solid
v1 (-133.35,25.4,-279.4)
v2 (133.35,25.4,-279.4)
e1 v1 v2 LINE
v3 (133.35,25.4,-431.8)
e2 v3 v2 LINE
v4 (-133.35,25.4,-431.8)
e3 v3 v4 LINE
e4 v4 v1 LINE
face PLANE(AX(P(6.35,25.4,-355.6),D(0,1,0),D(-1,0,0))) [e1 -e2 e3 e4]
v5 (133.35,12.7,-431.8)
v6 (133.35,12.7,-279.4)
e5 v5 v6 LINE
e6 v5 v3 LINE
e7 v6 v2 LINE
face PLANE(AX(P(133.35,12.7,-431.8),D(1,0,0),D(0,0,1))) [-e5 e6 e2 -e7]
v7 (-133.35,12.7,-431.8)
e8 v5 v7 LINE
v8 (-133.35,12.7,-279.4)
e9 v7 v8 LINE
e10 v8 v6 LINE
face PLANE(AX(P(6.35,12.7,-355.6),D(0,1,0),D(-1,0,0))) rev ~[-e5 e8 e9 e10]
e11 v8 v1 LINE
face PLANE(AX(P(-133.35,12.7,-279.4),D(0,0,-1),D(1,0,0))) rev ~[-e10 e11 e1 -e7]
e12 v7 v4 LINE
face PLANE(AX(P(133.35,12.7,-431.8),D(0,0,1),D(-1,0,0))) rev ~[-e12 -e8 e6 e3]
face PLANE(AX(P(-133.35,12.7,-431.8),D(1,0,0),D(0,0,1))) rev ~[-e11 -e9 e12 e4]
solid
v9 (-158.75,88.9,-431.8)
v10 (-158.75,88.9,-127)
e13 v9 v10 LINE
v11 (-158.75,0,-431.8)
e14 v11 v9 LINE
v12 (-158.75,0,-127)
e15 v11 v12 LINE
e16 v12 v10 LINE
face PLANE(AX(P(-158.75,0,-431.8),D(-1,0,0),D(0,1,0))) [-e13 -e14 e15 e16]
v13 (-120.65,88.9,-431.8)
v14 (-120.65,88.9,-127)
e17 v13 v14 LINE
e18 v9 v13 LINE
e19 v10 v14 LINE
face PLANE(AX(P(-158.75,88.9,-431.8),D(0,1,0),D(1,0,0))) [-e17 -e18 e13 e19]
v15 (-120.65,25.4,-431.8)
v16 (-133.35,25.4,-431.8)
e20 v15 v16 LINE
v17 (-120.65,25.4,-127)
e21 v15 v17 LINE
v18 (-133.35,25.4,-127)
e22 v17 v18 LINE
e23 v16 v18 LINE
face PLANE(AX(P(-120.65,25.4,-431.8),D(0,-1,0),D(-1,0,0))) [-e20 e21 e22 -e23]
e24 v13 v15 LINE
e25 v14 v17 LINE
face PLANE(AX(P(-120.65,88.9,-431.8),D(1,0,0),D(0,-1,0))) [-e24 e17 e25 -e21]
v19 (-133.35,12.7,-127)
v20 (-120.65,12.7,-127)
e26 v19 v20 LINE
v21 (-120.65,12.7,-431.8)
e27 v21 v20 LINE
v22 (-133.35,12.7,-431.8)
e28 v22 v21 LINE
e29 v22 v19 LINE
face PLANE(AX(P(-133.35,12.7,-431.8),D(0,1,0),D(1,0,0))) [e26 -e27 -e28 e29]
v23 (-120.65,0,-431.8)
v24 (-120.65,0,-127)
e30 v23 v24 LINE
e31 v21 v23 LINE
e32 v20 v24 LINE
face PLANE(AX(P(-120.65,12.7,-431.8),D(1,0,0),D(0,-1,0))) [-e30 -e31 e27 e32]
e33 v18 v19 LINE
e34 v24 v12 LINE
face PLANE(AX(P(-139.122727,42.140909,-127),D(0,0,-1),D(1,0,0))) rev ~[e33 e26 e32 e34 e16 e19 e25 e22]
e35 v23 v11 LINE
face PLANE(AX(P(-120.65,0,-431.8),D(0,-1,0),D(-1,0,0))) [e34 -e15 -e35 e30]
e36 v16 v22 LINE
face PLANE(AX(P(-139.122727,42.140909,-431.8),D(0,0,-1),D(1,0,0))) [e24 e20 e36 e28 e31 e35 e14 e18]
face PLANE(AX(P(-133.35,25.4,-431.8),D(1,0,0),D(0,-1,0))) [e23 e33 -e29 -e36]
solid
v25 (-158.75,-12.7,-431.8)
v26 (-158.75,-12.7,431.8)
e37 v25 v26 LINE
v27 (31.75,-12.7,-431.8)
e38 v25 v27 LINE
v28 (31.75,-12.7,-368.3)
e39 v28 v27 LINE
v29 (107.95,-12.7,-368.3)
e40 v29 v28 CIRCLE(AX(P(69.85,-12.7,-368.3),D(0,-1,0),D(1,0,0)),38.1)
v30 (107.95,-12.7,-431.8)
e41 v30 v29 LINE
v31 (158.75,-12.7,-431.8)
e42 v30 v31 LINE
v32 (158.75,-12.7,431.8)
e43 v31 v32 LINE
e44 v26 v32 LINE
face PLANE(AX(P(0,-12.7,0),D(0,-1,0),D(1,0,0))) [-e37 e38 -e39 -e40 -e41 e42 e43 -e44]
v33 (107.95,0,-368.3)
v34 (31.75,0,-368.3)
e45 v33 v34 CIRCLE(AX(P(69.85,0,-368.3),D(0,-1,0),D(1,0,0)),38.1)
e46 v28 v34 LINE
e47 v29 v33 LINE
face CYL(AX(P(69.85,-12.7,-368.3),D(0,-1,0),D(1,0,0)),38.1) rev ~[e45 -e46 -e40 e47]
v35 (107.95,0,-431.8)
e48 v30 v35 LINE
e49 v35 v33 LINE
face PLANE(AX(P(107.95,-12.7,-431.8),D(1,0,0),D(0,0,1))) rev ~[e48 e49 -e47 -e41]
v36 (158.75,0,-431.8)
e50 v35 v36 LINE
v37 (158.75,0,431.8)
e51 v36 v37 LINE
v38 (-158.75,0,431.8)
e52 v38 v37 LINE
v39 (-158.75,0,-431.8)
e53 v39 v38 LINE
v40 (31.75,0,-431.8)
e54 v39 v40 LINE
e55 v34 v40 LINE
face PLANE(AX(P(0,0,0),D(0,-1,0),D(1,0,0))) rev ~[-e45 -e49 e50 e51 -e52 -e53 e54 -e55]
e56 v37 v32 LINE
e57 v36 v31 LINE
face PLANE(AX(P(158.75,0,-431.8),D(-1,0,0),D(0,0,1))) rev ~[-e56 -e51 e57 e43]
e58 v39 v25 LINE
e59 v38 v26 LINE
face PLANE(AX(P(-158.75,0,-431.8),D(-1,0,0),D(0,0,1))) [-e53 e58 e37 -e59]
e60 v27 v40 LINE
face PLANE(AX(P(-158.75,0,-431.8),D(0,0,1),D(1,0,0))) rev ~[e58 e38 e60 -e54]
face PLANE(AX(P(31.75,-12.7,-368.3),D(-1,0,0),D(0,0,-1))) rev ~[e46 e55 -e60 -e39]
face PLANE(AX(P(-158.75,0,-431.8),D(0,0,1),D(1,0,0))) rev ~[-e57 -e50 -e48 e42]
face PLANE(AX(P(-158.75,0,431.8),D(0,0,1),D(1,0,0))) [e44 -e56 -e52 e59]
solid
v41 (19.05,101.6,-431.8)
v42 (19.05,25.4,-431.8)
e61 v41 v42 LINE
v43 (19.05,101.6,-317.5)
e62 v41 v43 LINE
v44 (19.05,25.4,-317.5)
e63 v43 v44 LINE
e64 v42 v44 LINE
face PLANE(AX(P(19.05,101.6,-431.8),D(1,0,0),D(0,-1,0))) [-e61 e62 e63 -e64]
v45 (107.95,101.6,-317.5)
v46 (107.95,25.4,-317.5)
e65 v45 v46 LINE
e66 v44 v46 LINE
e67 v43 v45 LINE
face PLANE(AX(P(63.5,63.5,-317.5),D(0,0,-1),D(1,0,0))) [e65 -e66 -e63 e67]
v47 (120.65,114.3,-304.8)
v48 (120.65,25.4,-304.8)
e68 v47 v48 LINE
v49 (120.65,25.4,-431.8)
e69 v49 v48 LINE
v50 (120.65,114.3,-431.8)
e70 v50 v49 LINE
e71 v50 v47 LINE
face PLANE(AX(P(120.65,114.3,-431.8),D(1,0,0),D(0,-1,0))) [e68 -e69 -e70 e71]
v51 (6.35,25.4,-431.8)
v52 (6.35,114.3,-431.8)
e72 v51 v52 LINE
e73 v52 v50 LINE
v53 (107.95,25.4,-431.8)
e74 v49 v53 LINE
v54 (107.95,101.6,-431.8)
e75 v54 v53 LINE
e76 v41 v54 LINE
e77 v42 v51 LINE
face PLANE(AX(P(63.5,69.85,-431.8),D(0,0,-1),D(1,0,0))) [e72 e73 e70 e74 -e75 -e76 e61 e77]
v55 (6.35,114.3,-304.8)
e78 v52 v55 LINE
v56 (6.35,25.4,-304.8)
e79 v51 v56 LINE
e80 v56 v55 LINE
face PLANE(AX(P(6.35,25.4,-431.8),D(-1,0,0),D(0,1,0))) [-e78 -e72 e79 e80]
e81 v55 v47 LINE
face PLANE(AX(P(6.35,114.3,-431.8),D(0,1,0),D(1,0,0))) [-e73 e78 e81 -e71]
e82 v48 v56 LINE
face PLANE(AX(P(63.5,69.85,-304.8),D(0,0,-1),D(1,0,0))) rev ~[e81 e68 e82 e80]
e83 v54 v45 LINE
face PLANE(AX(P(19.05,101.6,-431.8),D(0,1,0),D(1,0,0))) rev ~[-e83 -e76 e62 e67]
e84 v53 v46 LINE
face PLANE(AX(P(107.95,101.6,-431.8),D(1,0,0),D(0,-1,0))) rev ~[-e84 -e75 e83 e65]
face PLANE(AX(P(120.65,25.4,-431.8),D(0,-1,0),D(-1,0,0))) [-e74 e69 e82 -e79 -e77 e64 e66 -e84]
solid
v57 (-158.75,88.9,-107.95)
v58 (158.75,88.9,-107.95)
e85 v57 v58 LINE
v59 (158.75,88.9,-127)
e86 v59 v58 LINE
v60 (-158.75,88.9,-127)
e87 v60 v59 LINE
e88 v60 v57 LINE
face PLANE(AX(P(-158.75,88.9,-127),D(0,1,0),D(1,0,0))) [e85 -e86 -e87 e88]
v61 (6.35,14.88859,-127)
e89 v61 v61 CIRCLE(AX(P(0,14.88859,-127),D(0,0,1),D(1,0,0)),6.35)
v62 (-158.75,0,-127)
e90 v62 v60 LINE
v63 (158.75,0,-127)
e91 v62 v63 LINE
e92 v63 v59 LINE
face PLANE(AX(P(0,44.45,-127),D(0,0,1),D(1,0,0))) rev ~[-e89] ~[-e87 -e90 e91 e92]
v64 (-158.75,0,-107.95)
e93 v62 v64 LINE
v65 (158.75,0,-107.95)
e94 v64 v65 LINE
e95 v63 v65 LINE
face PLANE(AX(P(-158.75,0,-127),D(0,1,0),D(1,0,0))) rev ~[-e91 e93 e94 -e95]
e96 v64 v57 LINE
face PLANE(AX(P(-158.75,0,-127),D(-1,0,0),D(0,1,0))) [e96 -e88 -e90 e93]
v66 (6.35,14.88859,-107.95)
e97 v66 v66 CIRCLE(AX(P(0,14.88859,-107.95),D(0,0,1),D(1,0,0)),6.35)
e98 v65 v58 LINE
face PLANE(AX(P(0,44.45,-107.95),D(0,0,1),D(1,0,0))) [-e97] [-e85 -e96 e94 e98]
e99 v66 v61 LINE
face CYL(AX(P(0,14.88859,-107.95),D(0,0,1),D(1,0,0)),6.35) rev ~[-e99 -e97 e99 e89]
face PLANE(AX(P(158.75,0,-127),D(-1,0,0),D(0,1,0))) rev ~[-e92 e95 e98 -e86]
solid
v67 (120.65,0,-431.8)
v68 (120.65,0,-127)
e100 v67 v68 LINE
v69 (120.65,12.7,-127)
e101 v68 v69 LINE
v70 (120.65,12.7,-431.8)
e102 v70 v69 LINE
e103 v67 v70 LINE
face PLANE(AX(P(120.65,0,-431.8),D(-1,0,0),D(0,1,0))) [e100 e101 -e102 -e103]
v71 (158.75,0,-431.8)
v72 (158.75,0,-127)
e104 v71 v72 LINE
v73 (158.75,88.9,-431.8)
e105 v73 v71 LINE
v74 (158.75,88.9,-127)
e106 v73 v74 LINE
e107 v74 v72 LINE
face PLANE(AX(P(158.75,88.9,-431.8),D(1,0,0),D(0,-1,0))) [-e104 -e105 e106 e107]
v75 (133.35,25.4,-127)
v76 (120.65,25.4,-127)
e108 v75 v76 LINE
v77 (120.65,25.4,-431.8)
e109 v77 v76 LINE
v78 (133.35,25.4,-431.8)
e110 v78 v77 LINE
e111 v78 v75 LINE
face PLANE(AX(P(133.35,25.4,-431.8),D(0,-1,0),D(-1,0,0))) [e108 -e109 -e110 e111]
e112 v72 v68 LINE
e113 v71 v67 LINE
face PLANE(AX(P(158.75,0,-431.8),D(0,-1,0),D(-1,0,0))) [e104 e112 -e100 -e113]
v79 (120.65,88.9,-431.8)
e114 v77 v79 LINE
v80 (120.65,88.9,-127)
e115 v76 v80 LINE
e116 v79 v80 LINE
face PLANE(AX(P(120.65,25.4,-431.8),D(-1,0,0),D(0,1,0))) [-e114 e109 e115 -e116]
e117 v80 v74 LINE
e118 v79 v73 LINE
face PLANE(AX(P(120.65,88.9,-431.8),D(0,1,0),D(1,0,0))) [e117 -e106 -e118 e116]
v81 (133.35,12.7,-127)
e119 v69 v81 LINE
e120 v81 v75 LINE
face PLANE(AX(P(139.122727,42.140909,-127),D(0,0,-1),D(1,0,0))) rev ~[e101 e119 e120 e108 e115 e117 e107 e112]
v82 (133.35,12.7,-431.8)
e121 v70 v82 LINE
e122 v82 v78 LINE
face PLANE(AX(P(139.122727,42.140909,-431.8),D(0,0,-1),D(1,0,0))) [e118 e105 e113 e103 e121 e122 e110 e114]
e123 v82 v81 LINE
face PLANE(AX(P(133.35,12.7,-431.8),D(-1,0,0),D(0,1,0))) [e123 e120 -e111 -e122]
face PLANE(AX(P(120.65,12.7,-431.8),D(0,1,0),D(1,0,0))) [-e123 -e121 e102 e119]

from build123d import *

# Parameters (mm, degrees)
F0_W      = 317.5
F0_H      = 863.6
F1_DEPTH  = 12.7
F3_DEPTH  = 304.8
F4_W      = 254
F4_H      = 152.4
F4_W_2    = 12.7
F5_DEPTH  = 12.7
F7_DEPTH  = 12.7
F8_W      = 317.5
F8_H      = 88.9
F9_DEPTH  = 19.05
F10_R     = 6.35
F11_DEPTH = 25.4
F13_DEPTH = 127
F14_W     = 88.9
F14_H     = 76.2
F15_DEPTH = 114.3


with BuildPart() as f1:
    # F0 (on Front) → F1 (new body)
    with BuildSketch(Plane.XZ):
        Rectangle(F0_W, F0_H)
    extrude(amount=F1_DEPTH)

    # F6 (on face) → F7 (cut)
    with BuildSketch(Plane.XZ.offset(12.7)):
        with BuildLine():
            Line((31.75, -368.3), (31.75, -431.8))
            Line((31.75, -431.8), (107.95, -431.8))
            Line((107.95, -431.8), (107.95, -368.3))
            ThreePointArc((107.95, -368.3), (69.85, -330.2), (31.75, -368.3))
        make_face()
    extrude(amount=-F7_DEPTH, mode=Mode.SUBTRACT)


with BuildPart() as f3:
    # F2 (on face) → F3 (new body)
    with BuildSketch(Plane(origin=(0, 0, -431.8), x_dir=(1, 0, 0), z_dir=(0, 0, -1))):
        Polygon((-120.65, 0), (-158.75, 0), (-158.75, -88.9), (-120.65, -88.9), (-120.65, -25.4), (-133.35, -25.4), (-133.35, -12.7), (-120.65, -12.7), align=None)
    extrude(amount=-F3_DEPTH)


with BuildPart() as f3b:
    # F2 (on face) → F3, piece 2 (new body)
    with BuildSketch(Plane(origin=(0, 0, -431.8), x_dir=(1, 0, 0), z_dir=(0, 0, -1))):
        Polygon((133.35, -25.4), (120.65, -25.4), (120.65, -88.9), (158.75, -88.9), (158.75, 0), (120.65, 0), (120.65, -12.7), (133.35, -12.7), align=None)
    extrude(amount=-F3_DEPTH)


with BuildPart() as f5:
    # F4 (on face) → F5 (new body)
    with BuildSketch(Plane(origin=(0, 12.7, 0), x_dir=(-1, 0, 0), z_dir=(0, 1, 0))):
        with Locations((-6.35, -355.6)):
            Rectangle(F4_W, F4_H)
        with Locations((127, -355.6)):
            Rectangle(F4_W_2, F4_H)
    extrude(amount=F5_DEPTH)


with BuildPart() as f9:
    # F8 (on face) → F9 (new body)
    with BuildSketch(Plane.XY.offset(-127)):
        with Locations((0, 44.45)):
            Rectangle(F8_W, F8_H)
    extrude(amount=F9_DEPTH)

    # F10 (on face) → F11 (cut)
    with BuildSketch(Plane.XY.offset(-107.95)):
        with Locations((0, 14.8885902017)):
            Circle(F10_R)
    extrude(amount=-F11_DEPTH, mode=Mode.SUBTRACT)


with BuildPart() as f13:
    # F12 (on face) → F13 (new body)
    with BuildSketch(Plane(origin=(0, 0, -431.8), x_dir=(1, 0, 0), z_dir=(0, 0, -1))):
        Polygon((120.65, -25.4), (6.35, -25.4), (6.35, -114.3), (120.65, -114.3), (120.65, -88.9), align=None)
    extrude(amount=-F13_DEPTH)

    # F14 (on face) → F15 (cut)
    with BuildSketch(Plane(origin=(0, 0, -431.8), x_dir=(1, 0, 0), z_dir=(0, 0, -1))):
        with Locations((63.5, -63.5)):
            Rectangle(F14_W, F14_H)
    extrude(amount=-F15_DEPTH, mode=Mode.SUBTRACT)


solid = Compound([f1.part, f3.part, f3b.part, f5.part, f9.part, f13.part])
